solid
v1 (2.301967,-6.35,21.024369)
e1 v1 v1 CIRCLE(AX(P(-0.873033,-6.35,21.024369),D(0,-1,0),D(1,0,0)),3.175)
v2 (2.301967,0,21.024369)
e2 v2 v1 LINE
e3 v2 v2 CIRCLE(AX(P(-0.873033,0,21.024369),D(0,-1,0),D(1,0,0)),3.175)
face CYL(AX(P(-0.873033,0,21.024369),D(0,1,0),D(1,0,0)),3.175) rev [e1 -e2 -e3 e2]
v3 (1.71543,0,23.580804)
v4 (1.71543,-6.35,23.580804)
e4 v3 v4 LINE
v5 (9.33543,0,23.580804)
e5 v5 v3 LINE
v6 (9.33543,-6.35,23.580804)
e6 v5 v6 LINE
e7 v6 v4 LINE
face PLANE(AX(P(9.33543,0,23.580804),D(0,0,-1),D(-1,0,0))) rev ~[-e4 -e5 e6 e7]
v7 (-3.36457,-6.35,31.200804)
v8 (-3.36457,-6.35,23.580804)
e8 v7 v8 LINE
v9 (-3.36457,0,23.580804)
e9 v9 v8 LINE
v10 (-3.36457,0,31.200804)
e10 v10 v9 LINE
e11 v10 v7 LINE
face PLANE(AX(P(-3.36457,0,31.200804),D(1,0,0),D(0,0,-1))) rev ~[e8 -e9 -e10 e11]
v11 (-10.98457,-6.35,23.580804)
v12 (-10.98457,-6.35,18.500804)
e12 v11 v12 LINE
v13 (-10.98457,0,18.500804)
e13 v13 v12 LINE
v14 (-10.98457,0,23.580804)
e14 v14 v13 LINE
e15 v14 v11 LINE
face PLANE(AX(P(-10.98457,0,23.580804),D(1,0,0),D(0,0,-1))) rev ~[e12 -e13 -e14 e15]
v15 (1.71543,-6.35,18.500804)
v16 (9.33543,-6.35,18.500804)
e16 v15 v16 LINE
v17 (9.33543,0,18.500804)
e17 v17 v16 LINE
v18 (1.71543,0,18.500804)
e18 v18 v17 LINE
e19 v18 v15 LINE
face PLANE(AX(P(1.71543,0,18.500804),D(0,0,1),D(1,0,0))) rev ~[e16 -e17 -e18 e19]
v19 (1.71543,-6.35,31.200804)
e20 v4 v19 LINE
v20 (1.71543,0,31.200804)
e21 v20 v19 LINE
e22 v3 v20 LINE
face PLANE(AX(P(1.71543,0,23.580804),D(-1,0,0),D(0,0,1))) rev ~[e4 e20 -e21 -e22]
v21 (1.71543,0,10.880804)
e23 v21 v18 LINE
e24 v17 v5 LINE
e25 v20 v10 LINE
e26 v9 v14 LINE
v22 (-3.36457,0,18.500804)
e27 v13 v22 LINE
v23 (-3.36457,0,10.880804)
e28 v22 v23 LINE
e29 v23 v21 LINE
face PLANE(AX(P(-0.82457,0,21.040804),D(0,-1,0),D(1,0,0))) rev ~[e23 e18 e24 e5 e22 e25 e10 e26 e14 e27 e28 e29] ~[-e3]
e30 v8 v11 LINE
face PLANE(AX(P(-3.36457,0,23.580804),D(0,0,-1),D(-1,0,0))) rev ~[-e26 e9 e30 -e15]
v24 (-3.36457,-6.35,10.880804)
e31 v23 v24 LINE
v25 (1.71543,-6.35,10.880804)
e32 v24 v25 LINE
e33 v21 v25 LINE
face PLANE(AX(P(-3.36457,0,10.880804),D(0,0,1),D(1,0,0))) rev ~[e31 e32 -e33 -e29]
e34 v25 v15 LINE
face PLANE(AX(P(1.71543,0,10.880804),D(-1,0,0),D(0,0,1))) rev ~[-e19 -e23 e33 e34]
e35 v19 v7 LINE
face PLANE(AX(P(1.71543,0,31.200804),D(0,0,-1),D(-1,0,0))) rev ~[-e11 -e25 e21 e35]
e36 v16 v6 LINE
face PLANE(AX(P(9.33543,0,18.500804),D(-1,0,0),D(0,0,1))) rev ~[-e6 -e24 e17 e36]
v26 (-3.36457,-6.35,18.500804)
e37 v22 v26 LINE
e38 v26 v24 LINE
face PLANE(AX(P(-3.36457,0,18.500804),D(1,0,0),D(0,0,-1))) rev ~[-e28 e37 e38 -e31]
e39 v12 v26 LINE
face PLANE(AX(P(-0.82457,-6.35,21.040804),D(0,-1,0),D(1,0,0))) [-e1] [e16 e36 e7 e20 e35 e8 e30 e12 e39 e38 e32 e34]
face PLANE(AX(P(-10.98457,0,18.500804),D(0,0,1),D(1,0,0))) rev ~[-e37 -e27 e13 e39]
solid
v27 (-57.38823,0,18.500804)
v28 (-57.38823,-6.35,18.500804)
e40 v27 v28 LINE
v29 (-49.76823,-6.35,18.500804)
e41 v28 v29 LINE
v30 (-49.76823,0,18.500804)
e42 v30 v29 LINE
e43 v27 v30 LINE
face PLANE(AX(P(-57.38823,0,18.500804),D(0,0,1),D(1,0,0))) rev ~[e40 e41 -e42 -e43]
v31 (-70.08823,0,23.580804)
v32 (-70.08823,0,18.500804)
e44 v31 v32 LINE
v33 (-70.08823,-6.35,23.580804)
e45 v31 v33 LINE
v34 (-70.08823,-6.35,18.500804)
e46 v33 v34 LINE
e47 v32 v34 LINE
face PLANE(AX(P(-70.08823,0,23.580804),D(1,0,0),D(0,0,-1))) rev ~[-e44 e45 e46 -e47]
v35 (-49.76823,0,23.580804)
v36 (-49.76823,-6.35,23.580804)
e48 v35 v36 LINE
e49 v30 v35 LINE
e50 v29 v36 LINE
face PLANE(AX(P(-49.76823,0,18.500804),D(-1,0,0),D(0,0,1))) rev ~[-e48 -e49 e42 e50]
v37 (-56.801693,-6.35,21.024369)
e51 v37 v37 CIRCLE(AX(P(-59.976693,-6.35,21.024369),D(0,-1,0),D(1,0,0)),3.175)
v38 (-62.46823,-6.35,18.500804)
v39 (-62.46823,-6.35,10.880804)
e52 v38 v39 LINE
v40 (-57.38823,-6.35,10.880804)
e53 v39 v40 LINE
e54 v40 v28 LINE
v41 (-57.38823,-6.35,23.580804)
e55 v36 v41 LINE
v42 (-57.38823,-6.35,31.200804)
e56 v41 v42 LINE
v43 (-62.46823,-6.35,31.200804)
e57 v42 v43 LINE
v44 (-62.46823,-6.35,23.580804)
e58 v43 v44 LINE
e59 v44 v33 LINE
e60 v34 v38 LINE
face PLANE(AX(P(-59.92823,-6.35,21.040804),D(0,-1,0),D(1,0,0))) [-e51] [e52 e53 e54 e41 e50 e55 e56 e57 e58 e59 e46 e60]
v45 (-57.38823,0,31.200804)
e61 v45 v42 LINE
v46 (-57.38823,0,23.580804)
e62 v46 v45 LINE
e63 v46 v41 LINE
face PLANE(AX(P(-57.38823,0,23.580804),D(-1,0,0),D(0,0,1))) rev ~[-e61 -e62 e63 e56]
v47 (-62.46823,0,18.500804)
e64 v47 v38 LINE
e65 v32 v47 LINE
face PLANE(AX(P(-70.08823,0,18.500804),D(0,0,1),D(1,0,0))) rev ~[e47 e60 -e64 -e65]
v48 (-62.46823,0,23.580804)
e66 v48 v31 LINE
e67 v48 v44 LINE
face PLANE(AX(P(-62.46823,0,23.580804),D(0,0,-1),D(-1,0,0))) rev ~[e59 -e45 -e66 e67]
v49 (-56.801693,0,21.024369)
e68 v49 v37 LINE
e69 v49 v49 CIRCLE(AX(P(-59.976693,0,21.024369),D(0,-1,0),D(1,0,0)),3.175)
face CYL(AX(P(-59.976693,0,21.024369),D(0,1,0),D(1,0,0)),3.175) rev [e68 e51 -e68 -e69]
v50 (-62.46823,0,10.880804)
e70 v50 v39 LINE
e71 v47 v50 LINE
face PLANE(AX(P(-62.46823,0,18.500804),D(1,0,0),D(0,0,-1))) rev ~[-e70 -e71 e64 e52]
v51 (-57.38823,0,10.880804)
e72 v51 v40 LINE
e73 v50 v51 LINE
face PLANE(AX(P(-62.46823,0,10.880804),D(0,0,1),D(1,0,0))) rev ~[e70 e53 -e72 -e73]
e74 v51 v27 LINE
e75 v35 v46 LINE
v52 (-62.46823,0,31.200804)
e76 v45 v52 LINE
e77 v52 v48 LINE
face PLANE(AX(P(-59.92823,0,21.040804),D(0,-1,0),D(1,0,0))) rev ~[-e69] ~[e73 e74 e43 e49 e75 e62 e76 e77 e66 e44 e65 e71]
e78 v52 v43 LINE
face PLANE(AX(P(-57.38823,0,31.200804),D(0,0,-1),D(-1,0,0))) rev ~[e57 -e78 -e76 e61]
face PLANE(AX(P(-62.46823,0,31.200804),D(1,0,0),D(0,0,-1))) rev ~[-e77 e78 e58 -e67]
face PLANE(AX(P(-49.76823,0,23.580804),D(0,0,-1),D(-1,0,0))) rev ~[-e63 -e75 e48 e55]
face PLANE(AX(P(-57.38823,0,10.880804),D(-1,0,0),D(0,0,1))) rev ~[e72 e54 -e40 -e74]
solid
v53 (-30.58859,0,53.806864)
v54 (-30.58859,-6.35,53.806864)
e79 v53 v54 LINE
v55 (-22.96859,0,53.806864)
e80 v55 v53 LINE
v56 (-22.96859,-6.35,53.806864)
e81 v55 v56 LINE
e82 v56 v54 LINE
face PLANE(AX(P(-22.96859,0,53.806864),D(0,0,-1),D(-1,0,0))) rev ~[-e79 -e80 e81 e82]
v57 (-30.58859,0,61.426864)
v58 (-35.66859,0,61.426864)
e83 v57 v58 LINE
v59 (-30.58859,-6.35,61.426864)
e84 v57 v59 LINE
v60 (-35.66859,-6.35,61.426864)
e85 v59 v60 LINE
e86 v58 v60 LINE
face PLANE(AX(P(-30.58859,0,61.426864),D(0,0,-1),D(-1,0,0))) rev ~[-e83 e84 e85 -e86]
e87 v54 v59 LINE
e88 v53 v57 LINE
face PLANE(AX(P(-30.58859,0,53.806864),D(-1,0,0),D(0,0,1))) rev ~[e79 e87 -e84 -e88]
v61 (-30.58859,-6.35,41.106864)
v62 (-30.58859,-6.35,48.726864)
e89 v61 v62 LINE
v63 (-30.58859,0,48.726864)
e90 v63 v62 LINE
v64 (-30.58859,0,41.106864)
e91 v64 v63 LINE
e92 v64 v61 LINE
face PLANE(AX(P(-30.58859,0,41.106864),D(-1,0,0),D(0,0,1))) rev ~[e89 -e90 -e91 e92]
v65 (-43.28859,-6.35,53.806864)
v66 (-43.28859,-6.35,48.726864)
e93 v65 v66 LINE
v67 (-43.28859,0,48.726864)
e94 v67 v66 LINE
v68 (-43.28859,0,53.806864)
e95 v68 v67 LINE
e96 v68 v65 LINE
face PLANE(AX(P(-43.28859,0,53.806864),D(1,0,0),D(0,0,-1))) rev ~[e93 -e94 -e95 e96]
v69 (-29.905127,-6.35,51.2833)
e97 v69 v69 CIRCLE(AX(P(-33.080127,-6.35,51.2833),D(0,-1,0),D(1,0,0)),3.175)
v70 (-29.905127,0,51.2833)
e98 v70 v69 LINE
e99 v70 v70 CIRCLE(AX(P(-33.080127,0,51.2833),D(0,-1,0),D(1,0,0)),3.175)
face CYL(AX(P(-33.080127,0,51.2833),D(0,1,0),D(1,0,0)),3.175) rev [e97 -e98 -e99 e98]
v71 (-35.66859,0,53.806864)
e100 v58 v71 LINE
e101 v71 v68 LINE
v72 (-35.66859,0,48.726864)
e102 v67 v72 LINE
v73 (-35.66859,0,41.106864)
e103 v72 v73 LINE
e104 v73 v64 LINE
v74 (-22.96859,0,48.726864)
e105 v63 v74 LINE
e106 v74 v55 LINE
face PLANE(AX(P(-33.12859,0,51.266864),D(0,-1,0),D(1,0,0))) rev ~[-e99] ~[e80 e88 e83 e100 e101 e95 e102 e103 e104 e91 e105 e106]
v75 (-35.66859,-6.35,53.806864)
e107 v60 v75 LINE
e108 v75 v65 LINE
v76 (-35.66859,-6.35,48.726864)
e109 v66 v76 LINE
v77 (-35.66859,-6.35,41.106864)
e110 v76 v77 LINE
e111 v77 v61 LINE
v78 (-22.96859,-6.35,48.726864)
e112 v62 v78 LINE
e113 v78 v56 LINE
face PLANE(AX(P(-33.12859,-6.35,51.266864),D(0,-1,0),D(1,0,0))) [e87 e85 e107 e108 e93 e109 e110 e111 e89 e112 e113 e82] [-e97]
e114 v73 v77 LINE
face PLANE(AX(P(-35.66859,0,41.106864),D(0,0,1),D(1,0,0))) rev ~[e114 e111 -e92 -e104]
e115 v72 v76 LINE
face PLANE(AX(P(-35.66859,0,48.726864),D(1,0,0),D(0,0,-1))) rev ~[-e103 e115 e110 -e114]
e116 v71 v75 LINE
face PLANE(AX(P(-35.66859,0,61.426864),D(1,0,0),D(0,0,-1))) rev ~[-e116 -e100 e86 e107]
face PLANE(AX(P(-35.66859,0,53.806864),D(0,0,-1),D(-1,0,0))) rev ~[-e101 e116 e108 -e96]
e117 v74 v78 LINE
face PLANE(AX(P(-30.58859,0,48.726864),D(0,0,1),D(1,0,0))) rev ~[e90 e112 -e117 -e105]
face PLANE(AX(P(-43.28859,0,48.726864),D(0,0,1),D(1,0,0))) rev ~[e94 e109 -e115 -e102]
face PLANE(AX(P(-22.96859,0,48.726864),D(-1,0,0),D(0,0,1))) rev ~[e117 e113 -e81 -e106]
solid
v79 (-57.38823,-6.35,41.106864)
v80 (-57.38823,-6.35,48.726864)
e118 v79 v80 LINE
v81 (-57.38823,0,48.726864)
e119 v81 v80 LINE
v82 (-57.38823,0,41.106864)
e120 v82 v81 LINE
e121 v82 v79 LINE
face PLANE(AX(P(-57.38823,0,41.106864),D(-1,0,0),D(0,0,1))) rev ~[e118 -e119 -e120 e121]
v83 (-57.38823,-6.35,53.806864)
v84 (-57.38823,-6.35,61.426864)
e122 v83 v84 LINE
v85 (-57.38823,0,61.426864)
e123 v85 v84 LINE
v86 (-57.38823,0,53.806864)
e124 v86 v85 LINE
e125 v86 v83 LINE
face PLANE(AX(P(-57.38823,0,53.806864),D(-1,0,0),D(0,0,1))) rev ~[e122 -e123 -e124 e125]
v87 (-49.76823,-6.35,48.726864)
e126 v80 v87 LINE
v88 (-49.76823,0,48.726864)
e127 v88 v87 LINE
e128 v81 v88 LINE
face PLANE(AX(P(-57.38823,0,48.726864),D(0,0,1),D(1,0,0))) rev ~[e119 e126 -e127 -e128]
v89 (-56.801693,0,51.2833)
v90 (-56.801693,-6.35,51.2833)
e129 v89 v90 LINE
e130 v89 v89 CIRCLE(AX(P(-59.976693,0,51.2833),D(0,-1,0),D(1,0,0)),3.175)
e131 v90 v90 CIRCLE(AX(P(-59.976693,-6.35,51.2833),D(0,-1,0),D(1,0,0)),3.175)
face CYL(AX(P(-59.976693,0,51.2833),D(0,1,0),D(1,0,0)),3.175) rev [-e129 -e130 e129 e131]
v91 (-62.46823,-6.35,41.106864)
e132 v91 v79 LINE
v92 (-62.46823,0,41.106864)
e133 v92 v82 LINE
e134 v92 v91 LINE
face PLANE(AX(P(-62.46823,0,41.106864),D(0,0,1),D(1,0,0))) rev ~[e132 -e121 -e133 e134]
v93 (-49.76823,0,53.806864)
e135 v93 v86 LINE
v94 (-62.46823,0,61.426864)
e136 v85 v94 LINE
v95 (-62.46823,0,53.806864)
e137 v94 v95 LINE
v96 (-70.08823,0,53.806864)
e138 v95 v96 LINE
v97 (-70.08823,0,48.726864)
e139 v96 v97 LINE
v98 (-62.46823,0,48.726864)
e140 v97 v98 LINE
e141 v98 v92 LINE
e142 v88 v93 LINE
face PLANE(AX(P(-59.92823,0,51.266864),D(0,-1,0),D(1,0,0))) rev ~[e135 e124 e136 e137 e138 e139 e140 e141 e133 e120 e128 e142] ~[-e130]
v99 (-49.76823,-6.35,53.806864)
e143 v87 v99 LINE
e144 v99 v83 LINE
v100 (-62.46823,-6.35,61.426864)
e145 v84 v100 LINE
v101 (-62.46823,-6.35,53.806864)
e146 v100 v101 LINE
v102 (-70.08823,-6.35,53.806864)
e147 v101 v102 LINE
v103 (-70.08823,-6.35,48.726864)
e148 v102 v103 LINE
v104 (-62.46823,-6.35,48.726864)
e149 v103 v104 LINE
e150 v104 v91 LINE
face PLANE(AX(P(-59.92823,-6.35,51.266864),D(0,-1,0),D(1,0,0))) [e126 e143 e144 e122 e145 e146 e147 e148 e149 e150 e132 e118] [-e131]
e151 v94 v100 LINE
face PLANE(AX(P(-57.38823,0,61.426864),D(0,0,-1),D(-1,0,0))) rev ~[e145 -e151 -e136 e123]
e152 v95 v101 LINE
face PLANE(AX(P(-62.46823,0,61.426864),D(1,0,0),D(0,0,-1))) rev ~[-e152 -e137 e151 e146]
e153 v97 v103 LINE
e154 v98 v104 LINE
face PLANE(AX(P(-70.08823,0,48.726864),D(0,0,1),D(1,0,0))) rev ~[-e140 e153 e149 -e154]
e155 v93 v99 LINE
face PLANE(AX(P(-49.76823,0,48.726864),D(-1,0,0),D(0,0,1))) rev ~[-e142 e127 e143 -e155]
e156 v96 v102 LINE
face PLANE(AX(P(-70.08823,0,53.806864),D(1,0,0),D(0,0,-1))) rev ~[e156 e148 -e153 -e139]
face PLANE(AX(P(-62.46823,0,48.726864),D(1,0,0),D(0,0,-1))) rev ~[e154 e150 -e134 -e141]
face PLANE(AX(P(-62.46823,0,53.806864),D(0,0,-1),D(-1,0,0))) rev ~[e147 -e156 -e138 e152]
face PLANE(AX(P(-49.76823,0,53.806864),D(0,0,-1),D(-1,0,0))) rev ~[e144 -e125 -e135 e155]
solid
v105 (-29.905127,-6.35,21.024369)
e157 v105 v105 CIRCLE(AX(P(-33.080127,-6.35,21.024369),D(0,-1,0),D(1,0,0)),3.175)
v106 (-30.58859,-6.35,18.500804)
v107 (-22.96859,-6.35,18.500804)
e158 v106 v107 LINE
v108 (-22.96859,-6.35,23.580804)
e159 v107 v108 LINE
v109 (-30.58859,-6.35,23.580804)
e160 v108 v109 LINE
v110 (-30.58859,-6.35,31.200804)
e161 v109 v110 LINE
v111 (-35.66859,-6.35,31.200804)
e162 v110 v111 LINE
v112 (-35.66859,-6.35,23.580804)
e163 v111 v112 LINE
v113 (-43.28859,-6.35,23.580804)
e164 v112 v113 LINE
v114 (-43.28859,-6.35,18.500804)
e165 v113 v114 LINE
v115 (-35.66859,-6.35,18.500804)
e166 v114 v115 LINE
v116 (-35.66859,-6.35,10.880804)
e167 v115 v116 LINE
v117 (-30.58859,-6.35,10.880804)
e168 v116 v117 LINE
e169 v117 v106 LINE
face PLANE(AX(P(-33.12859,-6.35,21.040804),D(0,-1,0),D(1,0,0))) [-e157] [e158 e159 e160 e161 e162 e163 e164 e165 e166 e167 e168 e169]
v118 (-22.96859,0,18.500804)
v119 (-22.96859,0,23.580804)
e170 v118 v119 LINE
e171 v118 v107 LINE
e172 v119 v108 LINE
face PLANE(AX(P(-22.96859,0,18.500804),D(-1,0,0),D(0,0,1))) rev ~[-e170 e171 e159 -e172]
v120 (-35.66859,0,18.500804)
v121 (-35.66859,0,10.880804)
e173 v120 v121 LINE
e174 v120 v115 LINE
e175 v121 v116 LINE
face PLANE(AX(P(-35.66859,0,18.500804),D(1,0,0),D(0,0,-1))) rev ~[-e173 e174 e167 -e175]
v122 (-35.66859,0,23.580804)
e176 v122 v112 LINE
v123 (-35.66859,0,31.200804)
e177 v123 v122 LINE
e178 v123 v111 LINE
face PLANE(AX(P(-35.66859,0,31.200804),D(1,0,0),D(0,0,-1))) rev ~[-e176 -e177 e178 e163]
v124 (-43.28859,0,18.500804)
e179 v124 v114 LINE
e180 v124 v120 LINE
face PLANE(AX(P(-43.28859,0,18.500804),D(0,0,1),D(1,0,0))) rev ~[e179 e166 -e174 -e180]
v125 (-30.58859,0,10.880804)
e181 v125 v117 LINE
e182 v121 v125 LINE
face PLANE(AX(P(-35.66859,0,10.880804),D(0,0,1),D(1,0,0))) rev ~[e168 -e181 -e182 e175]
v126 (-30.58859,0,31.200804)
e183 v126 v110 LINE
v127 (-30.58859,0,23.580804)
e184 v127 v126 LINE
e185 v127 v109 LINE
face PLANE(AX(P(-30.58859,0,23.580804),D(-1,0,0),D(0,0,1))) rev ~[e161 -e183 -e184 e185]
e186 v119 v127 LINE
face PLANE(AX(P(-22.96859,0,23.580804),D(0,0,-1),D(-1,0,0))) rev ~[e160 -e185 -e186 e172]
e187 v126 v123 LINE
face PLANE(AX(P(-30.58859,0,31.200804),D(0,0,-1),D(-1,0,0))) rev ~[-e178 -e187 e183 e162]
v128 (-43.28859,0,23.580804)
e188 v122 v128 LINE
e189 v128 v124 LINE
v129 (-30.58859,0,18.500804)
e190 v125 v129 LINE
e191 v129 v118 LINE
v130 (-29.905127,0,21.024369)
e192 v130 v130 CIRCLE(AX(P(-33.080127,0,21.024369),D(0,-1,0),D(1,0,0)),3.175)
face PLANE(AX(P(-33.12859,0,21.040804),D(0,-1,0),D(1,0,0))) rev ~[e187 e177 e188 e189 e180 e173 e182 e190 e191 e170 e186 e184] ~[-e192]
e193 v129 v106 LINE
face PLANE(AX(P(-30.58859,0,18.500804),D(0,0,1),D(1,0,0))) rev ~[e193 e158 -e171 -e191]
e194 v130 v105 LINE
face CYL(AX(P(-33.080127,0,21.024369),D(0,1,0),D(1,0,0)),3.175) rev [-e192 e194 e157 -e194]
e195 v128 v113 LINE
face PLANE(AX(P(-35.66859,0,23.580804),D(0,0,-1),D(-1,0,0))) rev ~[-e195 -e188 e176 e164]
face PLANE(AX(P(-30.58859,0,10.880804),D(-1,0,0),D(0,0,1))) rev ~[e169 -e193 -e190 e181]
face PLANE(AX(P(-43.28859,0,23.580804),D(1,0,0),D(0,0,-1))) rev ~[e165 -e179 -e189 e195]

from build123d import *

# Parameters (mm, degrees)
F0_R     = 3.175
F1_DEPTH = 6.35
F2_DEPTH = 6.35


with BuildPart() as f1:
    # F0 (on Front) → F1 (new body)
    with BuildSketch(Plane.XZ):
        Polygon((-57.38823, 61.426864), (-62.46823, 61.426864), (-62.46823, 53.806864), (-70.08823, 53.806864), (-70.08823, 48.726864), (-62.46823, 48.726864), (-62.46823, 41.106864), (-57.38823, 41.106864), (-57.38823, 48.726864), (-49.76823, 48.726864), (-49.76823, 53.806864), (-57.38823, 53.806864), align=None)
        with Locations((-59.976693, 51.2833)):
            Circle(F0_R, mode=Mode.SUBTRACT)
    extrude(amount=F1_DEPTH)


with BuildPart() as f2:
    # F0 (on Front) → F2 (new body)
    with BuildSketch(Plane.XZ):
        Polygon((-43.28859, 53.806864), (-43.28859, 48.726864), (-35.66859, 48.726864), (-35.66859, 41.106864), (-30.58859, 41.106864), (-30.58859, 48.726864), (-22.96859, 48.726864), (-22.96859, 53.806864), (-30.58859, 53.806864), (-30.58859, 61.426864), (-35.66859, 61.426864), (-35.66859, 53.806864), align=None)
        with Locations((-33.080127, 51.2833)):
            Circle(F0_R, mode=Mode.SUBTRACT)
        Polygon((-49.76823, 18.500804), (-49.76823, 23.580804), (-57.38823, 23.580804), (-57.38823, 31.200804), (-62.46823, 31.200804), (-62.46823, 23.580804), (-70.08823, 23.580804), (-70.08823, 18.500804), (-62.46823, 18.500804), (-62.46823, 10.880804), (-57.38823, 10.880804), (-57.38823, 18.500804), align=None)
        with Locations((-59.976693, 21.024369)):
            Circle(F0_R, mode=Mode.SUBTRACT)
        Polygon((-30.58859, 31.200804), (-35.66859, 31.200804), (-35.66859, 23.580804), (-43.28859, 23.580804), (-43.28859, 18.500804), (-35.66859, 18.500804), (-35.66859, 10.880804), (-30.58859, 10.880804), (-30.58859, 18.500804), (-22.96859, 18.500804), (-22.96859, 23.580804), (-30.58859, 23.580804), align=None)
        with Locations((-33.080127, 21.024369)):
            Circle(F0_R, mode=Mode.SUBTRACT)
        Polygon((-10.98457, 23.580804), (-10.98457, 18.500804), (-3.36457, 18.500804), (-3.36457, 10.880804), (1.71543, 10.880804), (1.71543, 18.500804), (9.33543, 18.500804), (9.33543, 23.580804), (1.71543, 23.580804), (1.71543, 31.200804), (-3.36457, 31.200804), (-3.36457, 23.580804), align=None)
        with Locations((-0.873033, 21.024369)):
            Circle(F0_R, mode=Mode.SUBTRACT)
    extrude(amount=F2_DEPTH)


solid = Compound([f1.part, f2.part])
